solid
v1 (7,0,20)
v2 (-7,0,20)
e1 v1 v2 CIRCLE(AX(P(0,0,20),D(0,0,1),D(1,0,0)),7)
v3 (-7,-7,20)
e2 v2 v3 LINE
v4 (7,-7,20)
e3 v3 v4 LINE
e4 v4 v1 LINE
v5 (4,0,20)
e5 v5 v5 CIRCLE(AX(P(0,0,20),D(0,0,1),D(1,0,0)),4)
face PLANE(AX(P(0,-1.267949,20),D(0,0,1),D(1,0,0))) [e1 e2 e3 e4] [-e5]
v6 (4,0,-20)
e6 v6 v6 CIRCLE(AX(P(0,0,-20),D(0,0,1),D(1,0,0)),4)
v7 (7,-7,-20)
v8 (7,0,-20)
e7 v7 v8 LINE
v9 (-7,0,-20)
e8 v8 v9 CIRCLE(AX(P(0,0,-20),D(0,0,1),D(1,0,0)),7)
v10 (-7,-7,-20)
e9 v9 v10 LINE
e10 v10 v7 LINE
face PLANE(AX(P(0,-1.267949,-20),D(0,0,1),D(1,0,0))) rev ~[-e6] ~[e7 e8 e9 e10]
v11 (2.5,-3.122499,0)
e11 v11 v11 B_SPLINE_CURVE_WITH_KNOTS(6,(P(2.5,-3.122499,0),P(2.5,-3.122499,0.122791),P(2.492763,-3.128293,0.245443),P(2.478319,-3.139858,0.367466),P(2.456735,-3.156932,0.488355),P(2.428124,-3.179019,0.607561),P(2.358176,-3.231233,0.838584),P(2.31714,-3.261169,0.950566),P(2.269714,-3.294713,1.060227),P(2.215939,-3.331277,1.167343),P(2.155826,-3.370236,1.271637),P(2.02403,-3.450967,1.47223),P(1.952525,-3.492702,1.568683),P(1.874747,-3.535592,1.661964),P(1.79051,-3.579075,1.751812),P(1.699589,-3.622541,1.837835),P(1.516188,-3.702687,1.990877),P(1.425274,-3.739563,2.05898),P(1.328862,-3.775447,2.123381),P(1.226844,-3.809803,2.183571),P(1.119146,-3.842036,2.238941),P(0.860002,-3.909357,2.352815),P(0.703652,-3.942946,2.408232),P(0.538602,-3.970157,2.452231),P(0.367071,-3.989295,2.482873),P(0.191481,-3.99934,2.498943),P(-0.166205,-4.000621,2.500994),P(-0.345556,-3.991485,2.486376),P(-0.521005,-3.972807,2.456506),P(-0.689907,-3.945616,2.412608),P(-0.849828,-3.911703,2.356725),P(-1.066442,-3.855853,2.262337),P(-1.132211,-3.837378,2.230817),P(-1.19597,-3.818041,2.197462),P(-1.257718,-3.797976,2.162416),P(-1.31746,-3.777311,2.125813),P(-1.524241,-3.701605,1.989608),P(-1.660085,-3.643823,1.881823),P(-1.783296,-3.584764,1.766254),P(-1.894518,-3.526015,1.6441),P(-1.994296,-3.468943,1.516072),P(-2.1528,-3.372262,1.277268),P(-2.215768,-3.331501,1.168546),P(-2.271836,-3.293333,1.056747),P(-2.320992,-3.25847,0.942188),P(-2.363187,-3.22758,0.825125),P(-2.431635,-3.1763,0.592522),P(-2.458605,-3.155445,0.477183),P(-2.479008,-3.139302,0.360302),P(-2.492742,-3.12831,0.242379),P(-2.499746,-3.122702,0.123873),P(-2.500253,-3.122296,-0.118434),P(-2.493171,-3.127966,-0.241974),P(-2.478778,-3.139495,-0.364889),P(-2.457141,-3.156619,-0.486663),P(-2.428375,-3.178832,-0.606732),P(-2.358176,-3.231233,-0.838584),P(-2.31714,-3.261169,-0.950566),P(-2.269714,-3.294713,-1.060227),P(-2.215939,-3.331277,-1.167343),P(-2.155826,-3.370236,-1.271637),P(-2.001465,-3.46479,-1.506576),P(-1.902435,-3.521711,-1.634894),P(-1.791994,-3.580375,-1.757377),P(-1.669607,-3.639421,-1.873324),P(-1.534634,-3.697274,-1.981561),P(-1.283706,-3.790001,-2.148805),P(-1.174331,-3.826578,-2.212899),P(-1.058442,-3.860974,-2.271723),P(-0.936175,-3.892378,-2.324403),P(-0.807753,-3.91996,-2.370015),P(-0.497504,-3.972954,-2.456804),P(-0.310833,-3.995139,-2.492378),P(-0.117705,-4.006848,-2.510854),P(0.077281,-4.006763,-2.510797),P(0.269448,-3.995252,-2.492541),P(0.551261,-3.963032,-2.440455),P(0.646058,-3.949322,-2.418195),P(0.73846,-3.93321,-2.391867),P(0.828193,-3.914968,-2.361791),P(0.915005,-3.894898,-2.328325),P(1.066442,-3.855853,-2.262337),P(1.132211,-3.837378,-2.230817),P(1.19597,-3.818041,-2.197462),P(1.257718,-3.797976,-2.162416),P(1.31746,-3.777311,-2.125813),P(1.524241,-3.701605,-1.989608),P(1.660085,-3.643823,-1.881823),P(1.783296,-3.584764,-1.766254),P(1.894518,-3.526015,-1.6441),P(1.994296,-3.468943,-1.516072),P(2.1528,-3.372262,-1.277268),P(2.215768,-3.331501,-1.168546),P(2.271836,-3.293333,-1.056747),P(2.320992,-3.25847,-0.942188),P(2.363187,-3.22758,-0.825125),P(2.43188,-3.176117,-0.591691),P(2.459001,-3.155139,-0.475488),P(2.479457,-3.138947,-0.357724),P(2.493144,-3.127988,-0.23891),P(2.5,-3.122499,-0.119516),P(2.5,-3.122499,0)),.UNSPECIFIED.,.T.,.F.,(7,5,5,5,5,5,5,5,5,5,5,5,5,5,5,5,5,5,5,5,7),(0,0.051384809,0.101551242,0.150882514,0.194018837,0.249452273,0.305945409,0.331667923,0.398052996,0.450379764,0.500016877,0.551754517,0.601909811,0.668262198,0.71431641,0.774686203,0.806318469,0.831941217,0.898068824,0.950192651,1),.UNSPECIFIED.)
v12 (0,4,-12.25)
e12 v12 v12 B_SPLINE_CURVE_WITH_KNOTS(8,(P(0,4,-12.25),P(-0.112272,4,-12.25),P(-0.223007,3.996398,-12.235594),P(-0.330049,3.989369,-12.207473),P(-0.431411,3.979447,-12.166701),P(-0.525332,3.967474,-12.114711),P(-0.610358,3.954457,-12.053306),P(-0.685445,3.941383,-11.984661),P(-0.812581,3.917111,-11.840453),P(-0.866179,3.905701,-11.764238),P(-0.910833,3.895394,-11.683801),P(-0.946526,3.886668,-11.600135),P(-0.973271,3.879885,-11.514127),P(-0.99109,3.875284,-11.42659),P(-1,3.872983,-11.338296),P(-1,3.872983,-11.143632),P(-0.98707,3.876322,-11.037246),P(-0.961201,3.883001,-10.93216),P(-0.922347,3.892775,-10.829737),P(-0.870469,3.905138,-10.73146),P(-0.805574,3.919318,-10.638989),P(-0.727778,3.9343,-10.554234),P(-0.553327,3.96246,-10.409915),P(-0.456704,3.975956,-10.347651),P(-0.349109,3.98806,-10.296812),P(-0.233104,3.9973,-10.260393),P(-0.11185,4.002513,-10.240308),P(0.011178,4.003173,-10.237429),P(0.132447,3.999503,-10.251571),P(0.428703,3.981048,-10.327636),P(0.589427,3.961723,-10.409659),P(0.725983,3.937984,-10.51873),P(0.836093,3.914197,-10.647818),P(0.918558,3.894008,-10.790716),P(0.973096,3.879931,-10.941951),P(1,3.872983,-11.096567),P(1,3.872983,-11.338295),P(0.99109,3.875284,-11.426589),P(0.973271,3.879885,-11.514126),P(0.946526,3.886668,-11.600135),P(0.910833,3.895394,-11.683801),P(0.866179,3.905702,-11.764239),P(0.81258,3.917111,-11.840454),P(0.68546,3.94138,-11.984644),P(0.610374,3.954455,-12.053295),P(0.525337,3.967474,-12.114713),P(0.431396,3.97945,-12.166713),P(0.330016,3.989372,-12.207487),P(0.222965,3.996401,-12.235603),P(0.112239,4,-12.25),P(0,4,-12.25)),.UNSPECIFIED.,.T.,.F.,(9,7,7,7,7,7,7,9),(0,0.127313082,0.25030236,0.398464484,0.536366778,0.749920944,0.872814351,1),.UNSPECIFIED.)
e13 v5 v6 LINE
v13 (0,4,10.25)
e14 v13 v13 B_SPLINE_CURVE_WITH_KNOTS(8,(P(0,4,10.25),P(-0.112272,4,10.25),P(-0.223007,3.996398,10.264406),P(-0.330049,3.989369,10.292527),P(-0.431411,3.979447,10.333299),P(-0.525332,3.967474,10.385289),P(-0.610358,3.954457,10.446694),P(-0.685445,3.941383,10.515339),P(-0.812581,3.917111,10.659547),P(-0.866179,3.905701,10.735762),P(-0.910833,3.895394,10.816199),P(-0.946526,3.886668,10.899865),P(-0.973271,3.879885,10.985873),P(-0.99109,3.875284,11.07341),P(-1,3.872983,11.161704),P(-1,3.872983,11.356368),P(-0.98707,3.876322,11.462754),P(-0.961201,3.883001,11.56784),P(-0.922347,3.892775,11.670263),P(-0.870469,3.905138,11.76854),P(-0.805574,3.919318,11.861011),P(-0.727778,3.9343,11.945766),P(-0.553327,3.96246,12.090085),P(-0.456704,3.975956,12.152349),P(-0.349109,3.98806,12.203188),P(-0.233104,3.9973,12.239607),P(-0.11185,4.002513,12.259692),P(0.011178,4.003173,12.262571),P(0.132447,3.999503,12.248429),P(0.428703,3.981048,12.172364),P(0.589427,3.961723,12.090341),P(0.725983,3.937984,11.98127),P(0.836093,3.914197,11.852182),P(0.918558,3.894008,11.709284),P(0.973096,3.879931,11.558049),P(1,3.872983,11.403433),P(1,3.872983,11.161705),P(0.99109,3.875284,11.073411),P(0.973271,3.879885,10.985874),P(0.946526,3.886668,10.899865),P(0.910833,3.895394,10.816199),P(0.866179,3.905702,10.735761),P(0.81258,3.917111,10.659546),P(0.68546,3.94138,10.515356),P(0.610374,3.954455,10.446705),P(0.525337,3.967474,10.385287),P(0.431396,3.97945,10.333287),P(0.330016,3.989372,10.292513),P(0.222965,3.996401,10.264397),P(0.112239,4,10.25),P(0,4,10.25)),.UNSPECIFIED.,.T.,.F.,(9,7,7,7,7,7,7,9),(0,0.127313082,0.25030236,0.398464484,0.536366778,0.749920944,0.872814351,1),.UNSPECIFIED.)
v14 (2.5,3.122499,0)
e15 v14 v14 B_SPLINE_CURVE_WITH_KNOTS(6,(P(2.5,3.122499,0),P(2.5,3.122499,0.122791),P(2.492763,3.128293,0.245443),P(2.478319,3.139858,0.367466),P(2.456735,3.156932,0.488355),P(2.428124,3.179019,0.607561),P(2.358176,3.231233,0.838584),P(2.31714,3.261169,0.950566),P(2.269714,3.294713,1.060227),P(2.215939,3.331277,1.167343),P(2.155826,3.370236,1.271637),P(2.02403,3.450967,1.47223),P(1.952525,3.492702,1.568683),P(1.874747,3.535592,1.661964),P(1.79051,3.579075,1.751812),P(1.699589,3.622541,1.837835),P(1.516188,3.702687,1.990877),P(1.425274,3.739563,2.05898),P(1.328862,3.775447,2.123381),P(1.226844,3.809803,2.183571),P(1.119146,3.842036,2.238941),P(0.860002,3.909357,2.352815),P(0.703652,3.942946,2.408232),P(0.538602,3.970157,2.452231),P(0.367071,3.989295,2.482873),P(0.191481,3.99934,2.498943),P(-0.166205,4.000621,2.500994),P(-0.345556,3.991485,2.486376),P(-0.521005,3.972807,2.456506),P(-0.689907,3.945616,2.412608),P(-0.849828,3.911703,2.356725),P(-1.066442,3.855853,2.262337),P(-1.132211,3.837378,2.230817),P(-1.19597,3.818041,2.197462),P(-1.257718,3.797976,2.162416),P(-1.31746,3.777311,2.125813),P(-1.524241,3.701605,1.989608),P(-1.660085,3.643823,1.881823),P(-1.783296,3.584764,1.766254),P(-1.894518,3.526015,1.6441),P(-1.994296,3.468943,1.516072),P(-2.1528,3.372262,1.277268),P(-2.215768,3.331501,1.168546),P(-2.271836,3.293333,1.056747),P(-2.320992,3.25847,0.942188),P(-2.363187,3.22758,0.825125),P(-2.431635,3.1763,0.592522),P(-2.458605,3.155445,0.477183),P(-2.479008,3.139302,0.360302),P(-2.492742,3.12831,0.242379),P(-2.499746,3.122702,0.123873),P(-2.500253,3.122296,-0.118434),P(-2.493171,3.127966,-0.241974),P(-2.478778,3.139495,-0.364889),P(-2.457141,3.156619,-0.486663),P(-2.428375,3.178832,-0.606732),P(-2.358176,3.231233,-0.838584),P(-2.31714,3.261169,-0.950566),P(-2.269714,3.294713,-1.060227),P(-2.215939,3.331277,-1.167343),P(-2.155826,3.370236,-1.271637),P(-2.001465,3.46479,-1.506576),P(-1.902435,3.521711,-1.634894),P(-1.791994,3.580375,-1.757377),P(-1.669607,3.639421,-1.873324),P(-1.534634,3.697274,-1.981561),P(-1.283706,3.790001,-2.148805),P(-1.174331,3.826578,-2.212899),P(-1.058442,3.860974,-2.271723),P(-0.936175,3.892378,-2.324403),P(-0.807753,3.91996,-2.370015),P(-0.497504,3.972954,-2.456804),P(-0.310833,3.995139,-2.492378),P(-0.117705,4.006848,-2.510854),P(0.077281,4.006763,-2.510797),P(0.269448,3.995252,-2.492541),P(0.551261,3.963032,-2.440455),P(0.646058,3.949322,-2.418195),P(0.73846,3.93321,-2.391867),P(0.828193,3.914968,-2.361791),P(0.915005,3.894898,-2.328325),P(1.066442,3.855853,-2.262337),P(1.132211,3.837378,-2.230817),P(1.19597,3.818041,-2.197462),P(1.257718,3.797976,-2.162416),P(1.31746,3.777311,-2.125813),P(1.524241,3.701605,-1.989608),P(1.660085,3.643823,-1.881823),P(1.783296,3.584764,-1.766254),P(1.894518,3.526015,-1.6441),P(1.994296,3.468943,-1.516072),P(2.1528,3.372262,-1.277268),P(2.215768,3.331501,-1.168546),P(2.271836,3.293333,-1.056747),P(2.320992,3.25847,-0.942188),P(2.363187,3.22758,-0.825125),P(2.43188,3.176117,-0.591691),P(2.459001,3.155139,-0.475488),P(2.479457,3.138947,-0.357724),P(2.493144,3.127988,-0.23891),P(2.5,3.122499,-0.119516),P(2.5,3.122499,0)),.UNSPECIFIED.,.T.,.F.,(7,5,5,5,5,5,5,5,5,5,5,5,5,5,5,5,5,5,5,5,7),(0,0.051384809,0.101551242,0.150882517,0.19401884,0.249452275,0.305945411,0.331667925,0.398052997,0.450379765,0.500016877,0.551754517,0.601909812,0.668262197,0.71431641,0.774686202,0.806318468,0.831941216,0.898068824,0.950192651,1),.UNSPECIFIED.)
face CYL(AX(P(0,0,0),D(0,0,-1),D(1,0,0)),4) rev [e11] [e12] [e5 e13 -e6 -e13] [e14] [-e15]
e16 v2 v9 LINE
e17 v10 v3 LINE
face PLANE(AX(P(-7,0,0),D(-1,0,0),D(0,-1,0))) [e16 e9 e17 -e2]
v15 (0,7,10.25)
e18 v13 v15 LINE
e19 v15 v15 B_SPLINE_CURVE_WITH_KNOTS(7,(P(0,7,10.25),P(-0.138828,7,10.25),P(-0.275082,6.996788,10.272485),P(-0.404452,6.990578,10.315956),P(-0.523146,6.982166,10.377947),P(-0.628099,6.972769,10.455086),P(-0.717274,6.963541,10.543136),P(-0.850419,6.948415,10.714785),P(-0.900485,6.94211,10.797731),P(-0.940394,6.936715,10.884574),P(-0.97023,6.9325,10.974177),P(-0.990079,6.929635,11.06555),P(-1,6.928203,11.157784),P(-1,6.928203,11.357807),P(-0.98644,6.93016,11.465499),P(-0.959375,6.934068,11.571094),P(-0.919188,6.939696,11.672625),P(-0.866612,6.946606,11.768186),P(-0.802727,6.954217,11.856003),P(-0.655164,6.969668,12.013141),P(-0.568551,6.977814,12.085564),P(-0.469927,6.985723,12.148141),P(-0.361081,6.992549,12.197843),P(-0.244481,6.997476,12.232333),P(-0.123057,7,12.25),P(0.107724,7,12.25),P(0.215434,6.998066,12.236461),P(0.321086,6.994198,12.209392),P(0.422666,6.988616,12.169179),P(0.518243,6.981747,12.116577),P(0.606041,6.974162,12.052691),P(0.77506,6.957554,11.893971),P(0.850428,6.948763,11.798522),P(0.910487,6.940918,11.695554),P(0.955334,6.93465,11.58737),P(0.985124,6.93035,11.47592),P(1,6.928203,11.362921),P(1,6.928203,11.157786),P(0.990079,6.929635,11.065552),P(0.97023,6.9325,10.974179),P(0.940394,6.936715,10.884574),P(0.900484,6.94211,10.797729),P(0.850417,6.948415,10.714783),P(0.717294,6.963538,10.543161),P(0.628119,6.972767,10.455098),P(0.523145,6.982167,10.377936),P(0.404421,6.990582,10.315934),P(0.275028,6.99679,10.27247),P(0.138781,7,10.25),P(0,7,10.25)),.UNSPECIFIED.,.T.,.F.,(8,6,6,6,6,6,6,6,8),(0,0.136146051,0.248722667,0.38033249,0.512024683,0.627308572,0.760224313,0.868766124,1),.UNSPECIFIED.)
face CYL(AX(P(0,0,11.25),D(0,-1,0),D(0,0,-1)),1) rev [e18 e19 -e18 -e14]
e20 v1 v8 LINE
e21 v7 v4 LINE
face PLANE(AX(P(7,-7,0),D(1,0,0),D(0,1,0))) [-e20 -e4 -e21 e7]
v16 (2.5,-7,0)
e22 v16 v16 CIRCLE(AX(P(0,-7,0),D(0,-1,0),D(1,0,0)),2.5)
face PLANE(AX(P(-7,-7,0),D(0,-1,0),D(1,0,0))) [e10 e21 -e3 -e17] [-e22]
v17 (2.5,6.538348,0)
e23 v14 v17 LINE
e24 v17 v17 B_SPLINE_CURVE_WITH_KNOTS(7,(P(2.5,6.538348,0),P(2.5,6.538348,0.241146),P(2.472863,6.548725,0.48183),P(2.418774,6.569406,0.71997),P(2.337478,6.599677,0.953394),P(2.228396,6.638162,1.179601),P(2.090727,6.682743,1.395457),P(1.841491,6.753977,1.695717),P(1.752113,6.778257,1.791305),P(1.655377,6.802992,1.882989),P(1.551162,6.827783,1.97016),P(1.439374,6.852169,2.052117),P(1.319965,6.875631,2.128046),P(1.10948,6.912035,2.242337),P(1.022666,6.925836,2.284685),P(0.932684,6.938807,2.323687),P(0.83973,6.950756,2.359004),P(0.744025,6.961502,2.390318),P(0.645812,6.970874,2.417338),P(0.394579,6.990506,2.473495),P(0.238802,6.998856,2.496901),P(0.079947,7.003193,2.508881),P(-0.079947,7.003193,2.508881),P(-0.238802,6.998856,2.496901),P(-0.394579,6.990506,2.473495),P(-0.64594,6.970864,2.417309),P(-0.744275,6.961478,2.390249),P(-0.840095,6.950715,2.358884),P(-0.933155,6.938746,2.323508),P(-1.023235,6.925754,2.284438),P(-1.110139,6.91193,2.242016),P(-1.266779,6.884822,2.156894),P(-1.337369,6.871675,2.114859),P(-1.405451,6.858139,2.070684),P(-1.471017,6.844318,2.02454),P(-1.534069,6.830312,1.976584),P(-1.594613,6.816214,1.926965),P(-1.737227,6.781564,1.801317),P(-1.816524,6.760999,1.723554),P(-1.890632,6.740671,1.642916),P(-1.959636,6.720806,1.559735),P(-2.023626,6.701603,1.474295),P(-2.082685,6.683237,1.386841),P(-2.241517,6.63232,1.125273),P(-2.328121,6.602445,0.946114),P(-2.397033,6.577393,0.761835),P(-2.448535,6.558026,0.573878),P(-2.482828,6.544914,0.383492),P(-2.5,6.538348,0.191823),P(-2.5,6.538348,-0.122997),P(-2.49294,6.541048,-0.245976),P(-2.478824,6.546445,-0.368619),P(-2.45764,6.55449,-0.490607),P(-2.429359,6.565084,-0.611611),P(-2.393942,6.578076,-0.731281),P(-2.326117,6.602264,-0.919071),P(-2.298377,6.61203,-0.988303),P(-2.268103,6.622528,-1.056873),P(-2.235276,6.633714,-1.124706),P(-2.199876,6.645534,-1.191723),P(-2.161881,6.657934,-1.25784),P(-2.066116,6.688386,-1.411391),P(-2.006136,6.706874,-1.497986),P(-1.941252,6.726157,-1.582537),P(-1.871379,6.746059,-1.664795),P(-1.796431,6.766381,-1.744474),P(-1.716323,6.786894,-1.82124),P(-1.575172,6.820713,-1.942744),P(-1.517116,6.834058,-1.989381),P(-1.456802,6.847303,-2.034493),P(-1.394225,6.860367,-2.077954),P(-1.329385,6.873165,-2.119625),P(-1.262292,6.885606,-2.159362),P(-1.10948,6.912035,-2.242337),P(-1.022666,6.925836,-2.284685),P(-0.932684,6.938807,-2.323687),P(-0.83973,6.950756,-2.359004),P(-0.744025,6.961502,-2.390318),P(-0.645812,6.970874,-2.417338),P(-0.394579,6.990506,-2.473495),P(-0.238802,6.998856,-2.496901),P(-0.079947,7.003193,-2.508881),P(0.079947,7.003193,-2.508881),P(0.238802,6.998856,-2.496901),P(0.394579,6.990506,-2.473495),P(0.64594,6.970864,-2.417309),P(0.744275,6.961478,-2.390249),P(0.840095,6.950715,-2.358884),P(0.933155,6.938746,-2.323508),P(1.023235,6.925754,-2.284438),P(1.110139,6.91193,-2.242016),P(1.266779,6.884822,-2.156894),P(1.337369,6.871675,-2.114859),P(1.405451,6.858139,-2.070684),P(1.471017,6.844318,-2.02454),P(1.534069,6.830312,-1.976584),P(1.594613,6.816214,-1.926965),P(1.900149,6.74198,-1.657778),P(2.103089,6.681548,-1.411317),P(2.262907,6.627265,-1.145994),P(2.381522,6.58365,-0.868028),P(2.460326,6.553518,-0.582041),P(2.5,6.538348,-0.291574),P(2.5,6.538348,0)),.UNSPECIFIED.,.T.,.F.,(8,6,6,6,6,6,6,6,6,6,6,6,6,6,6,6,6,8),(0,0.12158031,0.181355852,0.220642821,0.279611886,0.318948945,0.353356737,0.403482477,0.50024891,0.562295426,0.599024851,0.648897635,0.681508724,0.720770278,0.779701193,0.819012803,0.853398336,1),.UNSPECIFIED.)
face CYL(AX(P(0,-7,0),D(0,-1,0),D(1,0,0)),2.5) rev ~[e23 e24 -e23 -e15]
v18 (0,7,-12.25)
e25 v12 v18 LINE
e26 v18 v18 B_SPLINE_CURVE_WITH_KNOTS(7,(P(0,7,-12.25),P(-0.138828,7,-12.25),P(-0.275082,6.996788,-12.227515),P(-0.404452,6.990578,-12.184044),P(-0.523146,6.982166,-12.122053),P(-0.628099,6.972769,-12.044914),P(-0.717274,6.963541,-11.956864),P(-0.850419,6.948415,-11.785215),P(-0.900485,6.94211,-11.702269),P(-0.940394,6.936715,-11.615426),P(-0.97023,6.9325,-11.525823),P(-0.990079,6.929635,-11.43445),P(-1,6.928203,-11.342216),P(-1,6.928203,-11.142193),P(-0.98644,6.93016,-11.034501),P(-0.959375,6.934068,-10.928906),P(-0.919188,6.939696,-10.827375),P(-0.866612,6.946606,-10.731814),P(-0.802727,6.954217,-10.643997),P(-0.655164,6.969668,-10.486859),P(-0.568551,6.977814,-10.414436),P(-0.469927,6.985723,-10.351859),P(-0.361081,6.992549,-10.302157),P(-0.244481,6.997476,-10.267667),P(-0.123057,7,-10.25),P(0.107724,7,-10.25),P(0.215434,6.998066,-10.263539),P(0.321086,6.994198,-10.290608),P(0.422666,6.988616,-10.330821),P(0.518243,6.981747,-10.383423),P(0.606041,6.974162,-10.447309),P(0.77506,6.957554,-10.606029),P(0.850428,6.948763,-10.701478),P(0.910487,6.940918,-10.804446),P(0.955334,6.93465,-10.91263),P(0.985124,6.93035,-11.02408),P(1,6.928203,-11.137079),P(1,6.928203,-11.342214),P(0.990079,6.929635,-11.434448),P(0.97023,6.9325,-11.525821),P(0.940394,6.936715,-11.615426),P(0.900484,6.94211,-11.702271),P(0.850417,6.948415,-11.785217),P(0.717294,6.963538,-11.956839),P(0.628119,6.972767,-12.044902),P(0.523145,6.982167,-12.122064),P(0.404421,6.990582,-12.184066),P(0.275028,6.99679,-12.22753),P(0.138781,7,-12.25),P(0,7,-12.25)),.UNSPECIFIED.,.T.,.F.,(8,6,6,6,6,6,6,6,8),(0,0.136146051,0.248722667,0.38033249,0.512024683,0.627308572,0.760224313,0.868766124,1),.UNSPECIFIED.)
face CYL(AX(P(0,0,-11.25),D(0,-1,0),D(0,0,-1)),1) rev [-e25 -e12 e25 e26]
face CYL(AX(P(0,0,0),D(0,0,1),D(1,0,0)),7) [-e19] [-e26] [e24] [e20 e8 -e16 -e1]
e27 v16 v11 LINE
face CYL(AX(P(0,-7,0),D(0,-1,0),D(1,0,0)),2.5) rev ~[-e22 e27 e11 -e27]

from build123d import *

# Parameters (mm, degrees)
SKETCH1_R           = 4
BOSS_EXTRUDE1_DEPTH = 20
SKETCH2_R           = 2.5
CUT_EXTRUDE1_DEPTH  = 26.396850198
SKETCH3_R           = 1
CUT_EXTRUDE2_DEPTH  = 23.315913757


with BuildPart() as part:
    # Sketch1 → Boss-Extrude1 (new, symmetric)
    with BuildSketch(Plane.XY):
        with BuildLine():
            Line((-7, 0), (-7, -7))
            Line((-7, -7), (7, -7))
            Line((7, -7), (7, 0))
            ThreePointArc((7, 0), (0, 7), (-7, 0))
        make_face()
        Circle(SKETCH1_R, mode=Mode.SUBTRACT)
    extrude(amount=BOSS_EXTRUDE1_DEPTH, both=True)

    # Sketch2 → Cut-Extrude1 (cut, through all)
    with BuildSketch(Plane(origin=(0, -7, 0), x_dir=(-1, 0, 0), z_dir=(0, -1, 0))):
        with Locations(Location((0, 0, 0), (0, 0, 180))):
            Circle(SKETCH2_R)
    extrude(amount=-CUT_EXTRUDE1_DEPTH, mode=Mode.SUBTRACT)

    # Sketch3 → Cut-Extrude2 (cut, through all)
    with BuildSketch(Plane(origin=(0, 0, 0), x_dir=(1, 0, 0), z_dir=(0, 1, 0))):
        with Locations(Location((0, 11.25, 0), (0, 0, 90))):
            Circle(SKETCH3_R)
        with Locations(Location((0, -11.25, 0), (0, 0, 90))):
            Circle(SKETCH3_R)
    extrude(amount=CUT_EXTRUDE2_DEPTH, mode=Mode.SUBTRACT)


solid = part.part
